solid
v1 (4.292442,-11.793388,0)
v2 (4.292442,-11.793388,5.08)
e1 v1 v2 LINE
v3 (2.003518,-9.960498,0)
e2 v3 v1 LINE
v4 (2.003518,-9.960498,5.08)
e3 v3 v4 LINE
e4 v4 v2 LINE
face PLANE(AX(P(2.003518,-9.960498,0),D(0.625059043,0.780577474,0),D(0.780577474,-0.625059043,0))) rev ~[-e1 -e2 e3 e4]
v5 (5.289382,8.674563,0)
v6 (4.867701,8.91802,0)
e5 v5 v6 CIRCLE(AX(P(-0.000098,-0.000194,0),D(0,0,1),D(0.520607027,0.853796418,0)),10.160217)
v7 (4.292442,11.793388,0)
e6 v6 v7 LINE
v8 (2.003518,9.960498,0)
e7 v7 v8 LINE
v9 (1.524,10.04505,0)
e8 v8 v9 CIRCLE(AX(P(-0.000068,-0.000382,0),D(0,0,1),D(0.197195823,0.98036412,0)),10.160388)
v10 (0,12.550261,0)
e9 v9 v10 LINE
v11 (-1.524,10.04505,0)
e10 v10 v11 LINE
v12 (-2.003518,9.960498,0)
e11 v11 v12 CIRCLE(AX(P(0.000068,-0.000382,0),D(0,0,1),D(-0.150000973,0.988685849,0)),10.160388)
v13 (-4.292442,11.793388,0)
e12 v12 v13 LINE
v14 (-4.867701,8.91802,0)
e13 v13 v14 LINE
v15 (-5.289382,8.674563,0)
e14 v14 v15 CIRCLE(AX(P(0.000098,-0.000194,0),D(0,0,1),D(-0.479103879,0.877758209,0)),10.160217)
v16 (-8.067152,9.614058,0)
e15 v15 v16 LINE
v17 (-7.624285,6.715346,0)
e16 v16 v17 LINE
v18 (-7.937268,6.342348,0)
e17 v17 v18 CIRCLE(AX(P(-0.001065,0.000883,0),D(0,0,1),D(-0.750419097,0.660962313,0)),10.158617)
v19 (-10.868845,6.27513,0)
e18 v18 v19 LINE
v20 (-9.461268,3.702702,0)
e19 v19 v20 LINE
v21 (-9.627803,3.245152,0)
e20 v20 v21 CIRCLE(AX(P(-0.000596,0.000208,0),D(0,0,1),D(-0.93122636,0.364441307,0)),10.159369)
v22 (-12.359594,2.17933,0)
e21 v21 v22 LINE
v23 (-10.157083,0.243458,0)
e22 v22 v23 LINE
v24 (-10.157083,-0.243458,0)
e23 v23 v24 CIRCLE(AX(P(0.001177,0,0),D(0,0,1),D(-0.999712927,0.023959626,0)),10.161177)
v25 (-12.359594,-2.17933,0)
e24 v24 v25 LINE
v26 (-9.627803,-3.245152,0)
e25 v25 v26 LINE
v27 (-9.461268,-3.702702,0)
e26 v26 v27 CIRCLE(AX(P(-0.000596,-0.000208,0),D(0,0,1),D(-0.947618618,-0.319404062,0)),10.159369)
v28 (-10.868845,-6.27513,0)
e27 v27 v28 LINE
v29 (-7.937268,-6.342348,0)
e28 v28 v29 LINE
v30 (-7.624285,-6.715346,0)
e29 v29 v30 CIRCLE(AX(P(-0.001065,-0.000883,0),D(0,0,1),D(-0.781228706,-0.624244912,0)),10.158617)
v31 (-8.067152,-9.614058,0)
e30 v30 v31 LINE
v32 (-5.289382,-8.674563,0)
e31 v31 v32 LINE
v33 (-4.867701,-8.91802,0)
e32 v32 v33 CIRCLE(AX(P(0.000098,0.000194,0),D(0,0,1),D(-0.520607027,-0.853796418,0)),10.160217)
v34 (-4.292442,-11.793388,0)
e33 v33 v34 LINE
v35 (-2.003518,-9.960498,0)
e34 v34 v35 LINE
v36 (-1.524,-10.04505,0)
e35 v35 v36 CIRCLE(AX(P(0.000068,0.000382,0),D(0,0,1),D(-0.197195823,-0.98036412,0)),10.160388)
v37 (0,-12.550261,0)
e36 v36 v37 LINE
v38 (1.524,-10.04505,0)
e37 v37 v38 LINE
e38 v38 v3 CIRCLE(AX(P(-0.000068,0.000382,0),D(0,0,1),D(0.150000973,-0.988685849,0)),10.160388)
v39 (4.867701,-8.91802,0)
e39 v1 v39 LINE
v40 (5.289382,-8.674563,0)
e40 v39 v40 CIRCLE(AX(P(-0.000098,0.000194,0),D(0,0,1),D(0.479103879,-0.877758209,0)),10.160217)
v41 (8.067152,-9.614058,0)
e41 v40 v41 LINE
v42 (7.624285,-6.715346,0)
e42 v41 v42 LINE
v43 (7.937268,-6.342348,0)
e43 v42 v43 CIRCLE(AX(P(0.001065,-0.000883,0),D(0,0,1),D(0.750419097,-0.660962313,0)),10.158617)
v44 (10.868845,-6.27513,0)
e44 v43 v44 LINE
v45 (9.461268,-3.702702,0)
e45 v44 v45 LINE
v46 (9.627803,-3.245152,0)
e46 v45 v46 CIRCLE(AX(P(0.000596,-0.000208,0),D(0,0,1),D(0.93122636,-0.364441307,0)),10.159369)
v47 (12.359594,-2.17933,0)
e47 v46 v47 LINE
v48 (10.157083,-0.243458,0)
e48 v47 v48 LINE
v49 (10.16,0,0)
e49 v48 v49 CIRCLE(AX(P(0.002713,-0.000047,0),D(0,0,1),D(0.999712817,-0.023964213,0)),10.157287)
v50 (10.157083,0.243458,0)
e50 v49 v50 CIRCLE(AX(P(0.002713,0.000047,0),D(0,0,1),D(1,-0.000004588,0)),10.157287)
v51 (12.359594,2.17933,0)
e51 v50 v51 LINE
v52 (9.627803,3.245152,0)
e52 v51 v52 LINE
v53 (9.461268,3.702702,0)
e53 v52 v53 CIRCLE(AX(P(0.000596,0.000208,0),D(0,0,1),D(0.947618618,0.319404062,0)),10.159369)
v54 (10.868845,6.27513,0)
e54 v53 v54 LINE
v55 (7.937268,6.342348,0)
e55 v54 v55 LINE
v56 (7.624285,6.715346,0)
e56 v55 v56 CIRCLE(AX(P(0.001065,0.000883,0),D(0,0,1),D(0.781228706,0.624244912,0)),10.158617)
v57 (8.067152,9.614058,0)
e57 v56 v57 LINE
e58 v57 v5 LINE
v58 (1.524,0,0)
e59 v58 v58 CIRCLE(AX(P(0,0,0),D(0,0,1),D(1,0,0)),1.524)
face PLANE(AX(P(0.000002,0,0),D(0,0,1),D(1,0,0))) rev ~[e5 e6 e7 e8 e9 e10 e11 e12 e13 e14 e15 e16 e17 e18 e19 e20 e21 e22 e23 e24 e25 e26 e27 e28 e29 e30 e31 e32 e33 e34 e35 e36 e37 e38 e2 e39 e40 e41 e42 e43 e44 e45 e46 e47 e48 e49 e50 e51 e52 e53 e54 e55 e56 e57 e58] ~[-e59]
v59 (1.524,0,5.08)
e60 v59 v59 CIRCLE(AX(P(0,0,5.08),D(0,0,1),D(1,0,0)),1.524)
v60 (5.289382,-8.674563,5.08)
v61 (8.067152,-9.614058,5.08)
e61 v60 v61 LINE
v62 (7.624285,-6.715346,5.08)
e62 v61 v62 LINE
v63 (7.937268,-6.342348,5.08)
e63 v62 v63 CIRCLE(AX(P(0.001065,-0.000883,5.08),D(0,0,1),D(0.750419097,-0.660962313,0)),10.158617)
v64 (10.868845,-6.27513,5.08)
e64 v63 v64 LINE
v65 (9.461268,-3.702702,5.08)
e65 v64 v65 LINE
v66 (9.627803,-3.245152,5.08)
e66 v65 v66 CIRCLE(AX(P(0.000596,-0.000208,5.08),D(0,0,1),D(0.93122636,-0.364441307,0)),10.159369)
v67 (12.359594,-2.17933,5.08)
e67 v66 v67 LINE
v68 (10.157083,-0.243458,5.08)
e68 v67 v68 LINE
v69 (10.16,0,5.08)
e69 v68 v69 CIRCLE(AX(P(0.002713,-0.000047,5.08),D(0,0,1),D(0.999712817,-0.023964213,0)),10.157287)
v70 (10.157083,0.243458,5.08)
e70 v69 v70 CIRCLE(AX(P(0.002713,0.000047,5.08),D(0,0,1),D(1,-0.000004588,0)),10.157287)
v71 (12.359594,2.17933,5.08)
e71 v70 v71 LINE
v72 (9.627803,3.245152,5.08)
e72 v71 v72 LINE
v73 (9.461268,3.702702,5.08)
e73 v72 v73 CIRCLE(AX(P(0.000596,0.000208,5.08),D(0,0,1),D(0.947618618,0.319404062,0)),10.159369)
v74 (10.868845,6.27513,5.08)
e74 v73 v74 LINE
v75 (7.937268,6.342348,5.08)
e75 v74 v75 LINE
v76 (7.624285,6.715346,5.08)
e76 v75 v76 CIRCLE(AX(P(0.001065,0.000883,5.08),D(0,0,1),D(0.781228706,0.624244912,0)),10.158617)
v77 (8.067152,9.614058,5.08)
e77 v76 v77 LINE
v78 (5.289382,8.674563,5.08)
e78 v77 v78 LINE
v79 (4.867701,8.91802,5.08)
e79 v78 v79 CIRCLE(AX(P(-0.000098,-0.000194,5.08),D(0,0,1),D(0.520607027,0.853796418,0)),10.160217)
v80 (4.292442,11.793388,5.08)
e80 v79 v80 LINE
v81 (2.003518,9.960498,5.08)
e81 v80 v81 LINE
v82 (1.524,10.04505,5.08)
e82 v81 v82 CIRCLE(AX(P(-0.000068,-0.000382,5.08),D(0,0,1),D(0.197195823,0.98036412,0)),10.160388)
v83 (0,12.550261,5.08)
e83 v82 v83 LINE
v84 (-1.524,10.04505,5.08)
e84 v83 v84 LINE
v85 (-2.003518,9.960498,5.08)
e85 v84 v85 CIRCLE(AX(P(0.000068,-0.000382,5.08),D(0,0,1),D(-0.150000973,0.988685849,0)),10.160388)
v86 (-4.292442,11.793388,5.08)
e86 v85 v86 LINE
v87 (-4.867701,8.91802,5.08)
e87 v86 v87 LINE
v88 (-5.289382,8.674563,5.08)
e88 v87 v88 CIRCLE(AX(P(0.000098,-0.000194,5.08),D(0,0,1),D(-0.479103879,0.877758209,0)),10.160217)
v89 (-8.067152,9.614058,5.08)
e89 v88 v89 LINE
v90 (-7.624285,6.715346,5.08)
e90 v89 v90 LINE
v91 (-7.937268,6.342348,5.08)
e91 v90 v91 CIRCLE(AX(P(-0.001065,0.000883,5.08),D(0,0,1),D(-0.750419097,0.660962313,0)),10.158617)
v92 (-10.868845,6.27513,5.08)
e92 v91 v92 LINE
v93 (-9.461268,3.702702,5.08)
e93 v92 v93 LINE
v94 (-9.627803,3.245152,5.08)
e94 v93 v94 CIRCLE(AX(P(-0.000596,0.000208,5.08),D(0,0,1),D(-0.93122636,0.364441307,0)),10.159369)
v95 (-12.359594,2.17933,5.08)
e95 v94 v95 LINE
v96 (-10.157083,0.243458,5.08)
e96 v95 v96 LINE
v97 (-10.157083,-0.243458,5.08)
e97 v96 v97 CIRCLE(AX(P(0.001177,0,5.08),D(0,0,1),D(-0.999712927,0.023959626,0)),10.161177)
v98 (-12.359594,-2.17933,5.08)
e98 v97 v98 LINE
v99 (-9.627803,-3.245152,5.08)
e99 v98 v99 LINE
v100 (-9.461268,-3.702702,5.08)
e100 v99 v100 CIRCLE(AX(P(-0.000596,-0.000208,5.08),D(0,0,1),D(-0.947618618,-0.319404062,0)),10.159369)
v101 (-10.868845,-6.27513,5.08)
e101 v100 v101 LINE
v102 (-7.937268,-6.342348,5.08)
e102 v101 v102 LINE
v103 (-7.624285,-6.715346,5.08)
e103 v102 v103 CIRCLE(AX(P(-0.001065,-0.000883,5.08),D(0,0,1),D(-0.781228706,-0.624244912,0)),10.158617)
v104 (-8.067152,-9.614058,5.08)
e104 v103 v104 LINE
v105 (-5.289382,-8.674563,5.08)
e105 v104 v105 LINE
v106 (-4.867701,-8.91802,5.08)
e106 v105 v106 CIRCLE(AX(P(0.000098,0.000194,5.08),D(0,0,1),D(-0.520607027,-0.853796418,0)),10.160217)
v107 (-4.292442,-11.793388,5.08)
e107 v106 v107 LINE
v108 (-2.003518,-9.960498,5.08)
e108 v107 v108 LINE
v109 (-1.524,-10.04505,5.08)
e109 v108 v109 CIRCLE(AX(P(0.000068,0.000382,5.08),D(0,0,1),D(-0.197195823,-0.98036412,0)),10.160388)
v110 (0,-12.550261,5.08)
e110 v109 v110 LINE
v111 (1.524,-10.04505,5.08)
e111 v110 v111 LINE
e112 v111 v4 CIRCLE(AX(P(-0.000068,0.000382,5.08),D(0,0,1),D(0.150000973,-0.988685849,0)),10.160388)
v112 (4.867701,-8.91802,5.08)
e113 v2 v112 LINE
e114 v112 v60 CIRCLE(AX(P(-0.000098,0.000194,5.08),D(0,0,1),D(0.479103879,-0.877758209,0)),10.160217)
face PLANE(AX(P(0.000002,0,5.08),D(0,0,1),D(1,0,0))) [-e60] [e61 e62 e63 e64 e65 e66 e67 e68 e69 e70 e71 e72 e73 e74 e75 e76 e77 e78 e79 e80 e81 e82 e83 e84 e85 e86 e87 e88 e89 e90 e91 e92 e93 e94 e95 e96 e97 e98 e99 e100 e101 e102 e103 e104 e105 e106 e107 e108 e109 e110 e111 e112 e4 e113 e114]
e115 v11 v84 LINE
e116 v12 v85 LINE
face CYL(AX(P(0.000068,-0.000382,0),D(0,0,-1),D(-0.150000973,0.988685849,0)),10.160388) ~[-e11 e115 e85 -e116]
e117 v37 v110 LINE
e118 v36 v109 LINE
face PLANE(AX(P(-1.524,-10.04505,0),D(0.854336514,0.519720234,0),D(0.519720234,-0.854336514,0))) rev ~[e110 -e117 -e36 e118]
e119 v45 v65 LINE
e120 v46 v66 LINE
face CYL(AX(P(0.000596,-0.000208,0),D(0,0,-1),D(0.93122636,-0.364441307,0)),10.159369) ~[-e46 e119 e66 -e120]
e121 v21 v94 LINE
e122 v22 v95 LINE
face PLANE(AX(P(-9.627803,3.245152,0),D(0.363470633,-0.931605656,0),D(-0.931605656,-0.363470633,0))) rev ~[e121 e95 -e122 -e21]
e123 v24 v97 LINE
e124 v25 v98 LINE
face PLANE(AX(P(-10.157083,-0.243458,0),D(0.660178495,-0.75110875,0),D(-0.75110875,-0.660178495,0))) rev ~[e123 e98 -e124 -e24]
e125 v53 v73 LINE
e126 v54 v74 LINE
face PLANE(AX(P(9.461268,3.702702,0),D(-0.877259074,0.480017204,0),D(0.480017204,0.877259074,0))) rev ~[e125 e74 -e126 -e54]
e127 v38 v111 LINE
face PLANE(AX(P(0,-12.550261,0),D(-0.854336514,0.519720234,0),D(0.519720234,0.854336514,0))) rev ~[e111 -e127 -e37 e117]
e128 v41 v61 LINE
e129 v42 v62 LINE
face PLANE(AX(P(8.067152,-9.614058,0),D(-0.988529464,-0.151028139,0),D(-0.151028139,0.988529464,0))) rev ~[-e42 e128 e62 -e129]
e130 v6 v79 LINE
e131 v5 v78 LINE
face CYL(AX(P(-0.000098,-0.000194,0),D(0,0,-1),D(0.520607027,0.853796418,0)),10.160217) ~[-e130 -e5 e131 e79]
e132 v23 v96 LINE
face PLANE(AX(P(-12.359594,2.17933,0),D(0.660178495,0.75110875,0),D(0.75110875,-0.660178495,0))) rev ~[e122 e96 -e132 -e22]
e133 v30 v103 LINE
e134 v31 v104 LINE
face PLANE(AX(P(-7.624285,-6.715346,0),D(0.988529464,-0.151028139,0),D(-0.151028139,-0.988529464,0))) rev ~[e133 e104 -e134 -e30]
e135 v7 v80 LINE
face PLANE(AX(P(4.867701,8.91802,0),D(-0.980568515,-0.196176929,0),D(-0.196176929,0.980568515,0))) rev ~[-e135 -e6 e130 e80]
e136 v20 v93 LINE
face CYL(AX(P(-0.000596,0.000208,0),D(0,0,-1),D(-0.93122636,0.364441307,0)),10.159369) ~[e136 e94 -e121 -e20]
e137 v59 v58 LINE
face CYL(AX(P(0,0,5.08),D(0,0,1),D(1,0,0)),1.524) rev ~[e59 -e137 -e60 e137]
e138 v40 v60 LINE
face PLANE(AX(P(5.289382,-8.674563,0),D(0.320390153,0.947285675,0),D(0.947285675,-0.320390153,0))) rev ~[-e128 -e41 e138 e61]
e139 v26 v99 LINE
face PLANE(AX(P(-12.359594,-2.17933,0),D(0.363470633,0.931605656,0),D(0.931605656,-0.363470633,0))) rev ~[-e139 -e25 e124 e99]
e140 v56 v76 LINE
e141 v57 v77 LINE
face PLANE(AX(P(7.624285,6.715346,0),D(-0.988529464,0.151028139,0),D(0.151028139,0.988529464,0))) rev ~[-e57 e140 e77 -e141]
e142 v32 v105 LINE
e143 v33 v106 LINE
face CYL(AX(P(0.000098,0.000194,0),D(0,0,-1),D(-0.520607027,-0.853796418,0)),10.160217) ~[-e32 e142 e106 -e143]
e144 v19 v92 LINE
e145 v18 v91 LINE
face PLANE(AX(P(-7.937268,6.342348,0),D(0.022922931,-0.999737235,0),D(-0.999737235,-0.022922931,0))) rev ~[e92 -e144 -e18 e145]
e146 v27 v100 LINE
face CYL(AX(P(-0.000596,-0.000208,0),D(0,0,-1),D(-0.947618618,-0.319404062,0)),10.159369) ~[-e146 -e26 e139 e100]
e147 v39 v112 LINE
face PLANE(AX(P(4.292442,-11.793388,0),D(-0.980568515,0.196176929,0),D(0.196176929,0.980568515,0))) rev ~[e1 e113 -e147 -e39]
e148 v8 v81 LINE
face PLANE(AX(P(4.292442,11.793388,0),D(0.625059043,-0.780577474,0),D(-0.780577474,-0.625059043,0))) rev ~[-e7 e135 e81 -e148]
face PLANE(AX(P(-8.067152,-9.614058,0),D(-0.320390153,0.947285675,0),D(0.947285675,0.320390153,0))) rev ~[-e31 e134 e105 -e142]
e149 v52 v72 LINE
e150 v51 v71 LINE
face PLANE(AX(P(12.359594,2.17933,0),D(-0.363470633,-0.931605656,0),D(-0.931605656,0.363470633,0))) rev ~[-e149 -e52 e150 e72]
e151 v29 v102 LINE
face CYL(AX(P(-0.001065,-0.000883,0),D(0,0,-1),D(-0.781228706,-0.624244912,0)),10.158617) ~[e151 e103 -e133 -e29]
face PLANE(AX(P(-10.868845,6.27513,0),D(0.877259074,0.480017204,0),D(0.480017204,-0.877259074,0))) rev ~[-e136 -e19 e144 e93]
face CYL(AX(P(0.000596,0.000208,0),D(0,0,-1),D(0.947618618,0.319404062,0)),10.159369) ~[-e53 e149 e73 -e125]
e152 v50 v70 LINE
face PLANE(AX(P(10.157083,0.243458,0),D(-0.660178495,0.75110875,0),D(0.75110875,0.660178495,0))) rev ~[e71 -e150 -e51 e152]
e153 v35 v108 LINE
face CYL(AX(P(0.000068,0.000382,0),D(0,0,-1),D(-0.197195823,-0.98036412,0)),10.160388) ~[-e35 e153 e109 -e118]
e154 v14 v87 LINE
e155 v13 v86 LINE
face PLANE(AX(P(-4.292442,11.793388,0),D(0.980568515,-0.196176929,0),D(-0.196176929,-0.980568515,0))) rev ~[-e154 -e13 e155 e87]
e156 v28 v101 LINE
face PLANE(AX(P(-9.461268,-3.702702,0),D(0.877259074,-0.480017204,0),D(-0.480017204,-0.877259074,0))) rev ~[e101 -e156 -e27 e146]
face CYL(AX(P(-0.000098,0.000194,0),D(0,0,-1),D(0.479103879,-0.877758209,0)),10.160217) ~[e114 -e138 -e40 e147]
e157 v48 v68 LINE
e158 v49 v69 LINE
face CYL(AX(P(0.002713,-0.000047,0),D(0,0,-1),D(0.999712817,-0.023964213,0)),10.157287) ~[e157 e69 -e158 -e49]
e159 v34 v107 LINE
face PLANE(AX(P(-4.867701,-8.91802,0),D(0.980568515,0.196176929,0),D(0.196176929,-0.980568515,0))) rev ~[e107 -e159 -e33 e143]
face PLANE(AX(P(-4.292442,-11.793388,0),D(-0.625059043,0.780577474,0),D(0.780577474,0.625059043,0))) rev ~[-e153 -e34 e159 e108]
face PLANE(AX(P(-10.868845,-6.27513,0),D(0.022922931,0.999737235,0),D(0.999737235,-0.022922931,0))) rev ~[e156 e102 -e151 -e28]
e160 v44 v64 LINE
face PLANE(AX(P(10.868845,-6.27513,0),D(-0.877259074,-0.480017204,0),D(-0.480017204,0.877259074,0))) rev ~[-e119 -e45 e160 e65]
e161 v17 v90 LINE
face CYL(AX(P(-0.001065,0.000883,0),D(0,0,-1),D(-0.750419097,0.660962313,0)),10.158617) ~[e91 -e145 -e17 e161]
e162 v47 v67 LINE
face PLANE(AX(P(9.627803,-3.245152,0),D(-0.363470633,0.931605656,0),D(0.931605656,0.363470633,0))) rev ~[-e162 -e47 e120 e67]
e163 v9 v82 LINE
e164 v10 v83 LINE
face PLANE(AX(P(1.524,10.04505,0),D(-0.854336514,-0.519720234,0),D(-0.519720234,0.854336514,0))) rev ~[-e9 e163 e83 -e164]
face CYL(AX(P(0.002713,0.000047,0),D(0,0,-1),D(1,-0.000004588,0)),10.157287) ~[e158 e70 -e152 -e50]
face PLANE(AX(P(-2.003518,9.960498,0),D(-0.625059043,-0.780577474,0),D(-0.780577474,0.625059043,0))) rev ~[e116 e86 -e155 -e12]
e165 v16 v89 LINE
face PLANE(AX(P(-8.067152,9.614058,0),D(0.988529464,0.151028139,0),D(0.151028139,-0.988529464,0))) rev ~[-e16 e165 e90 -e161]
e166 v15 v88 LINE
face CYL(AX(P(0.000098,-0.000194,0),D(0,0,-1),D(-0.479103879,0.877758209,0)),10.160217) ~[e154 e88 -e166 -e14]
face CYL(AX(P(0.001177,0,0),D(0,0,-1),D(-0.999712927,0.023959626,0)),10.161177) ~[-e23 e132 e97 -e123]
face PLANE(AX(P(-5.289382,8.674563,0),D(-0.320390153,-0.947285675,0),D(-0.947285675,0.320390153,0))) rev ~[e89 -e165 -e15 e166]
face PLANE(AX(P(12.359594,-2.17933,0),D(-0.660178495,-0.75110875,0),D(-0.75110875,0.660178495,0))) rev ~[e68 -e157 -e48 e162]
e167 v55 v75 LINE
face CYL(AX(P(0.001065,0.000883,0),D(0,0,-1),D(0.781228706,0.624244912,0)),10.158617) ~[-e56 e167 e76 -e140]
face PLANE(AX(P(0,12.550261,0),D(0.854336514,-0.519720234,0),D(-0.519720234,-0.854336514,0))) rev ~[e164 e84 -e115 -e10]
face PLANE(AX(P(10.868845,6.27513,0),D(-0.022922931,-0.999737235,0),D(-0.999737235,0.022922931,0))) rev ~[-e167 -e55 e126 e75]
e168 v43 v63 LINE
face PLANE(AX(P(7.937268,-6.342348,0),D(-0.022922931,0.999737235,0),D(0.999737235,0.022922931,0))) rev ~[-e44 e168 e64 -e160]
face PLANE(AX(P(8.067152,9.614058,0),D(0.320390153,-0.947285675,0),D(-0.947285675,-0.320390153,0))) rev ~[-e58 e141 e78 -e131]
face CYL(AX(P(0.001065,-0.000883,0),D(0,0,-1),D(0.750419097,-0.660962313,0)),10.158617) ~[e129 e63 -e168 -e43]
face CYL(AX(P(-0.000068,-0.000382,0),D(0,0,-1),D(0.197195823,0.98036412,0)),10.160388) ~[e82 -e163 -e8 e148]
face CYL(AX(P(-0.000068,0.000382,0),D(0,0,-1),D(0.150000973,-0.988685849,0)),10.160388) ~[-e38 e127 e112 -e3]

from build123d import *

# Parameters (mm, degrees)
F1_DEPTH = 5.08
F2_R     = 1.524
F3_DEPTH = 5.08


with BuildPart() as f1:
    # F0 (on Top) → F1 (new body)
    with BuildSketch(Plane.XY):
        with BuildLine():
            ThreePointArc((10.157083, -0.243458), (10.159271, -0.121738), (10.16, 0))
            ThreePointArc((10.16, 0), (10.159271, 0.121738), (10.157083, 0.243458))
            ThreePointArc((10.157083, 0.243458), (10.005647, 1.764265), (9.627803, 3.245152))
            ThreePointArc((9.627803, 3.245152), (9.547277, 3.474925), (9.461268, 3.702702))
            ThreePointArc((9.461268, 3.702702), (8.798818, 5.08), (7.937268, 6.342348))
            ThreePointArc((7.937268, 6.342348), (7.783012, 6.530722), (7.624285, 6.715346))
            ThreePointArc((7.624285, 6.715346), (6.530722, 7.783012), (5.289382, 8.674563))
            ThreePointArc((5.289382, 8.674563), (5.08, 8.798818), (4.867701, 8.91802))
            ThreePointArc((4.867701, 8.91802), (3.474925, 9.547277), (2.003518, 9.960498))
            ThreePointArc((2.003518, 9.960498), (1.764265, 10.005647), (1.524, 10.04505))
            ThreePointArc((1.524, 10.04505), (0, 10.16), (-1.524, 10.04505))
            ThreePointArc((-1.524, 10.04505), (-1.764265, 10.005647), (-2.003518, 9.960498))
            ThreePointArc((-2.003518, 9.960498), (-3.474925, 9.547277), (-4.867701, 8.91802))
            ThreePointArc((-4.867701, 8.91802), (-5.08, 8.798818), (-5.289382, 8.674563))
            ThreePointArc((-5.289382, 8.674563), (-6.530722, 7.783012), (-7.624285, 6.715346))
            ThreePointArc((-7.624285, 6.715346), (-7.783012, 6.530722), (-7.937268, 6.342348))
            ThreePointArc((-7.937268, 6.342348), (-8.798818, 5.08), (-9.461268, 3.702702))
            ThreePointArc((-9.461268, 3.702702), (-9.547277, 3.474925), (-9.627803, 3.245152))
            ThreePointArc((-9.627803, 3.245152), (-10.005647, 1.764265), (-10.157083, 0.243458))
            ThreePointArc((-10.157083, 0.243458), (-10.16, 0), (-10.157083, -0.243458))
            ThreePointArc((-10.157083, -0.243458), (-10.005647, -1.764265), (-9.627803, -3.245152))
            ThreePointArc((-9.627803, -3.245152), (-9.547277, -3.474925), (-9.461268, -3.702702))
            ThreePointArc((-9.461268, -3.702702), (-8.798818, -5.08), (-7.937268, -6.342348))
            ThreePointArc((-7.937268, -6.342348), (-7.783012, -6.530722), (-7.624285, -6.715346))
            ThreePointArc((-7.624285, -6.715346), (-6.530722, -7.783012), (-5.289382, -8.674563))
            ThreePointArc((-5.289382, -8.674563), (-5.08, -8.798818), (-4.867701, -8.91802))
            ThreePointArc((-4.867701, -8.91802), (-3.474925, -9.547277), (-2.003518, -9.960498))
            ThreePointArc((-2.003518, -9.960498), (-1.764265, -10.005647), (-1.524, -10.04505))
            ThreePointArc((-1.524, -10.04505), (0, -10.16), (1.524, -10.04505))
            ThreePointArc((1.524, -10.04505), (1.764265, -10.005647), (2.003518, -9.960498))
            ThreePointArc((2.003518, -9.960498), (3.474925, -9.547277), (4.867701, -8.91802))
            ThreePointArc((4.867701, -8.91802), (5.08, -8.798818), (5.289382, -8.674563))
            ThreePointArc((5.289382, -8.674563), (6.530722, -7.783012), (7.624285, -6.715346))
            ThreePointArc((7.624285, -6.715346), (7.783012, -6.530722), (7.937268, -6.342348))
            ThreePointArc((7.937268, -6.342348), (8.798818, -5.08), (9.461268, -3.702702))
            ThreePointArc((9.461268, -3.702702), (9.547277, -3.474925), (9.627803, -3.245152))
            ThreePointArc((9.627803, -3.245152), (10.005647, -1.764265), (10.157083, -0.243458))
        make_face()
        with BuildLine():
            Line((8.067152, -9.614058), (7.624285, -6.715346))
            ThreePointArc((7.624285, -6.715346), (6.530722, -7.783012), (5.289382, -8.674563))
            Line((5.289382, -8.674563), (8.067152, -9.614058))
        make_face()
        with BuildLine():
            Line((0, -12.550261), (1.524, -10.04505))
            ThreePointArc((1.524, -10.04505), (0, -10.16), (-1.524, -10.04505))
            Line((-1.524, -10.04505), (0, -12.550261))
        make_face()
        with BuildLine():
            Line((4.292442, -11.793388), (4.867701, -8.91802))
            ThreePointArc((4.867701, -8.91802), (3.474925, -9.547277), (2.003518, -9.960498))
            Line((2.003518, -9.960498), (4.292442, -11.793388))
        make_face()
        with BuildLine():
            ThreePointArc((9.627803, 3.245152), (10.005647, 1.764265), (10.157083, 0.243458))
            Line((10.157083, 0.243458), (12.359594, 2.17933))
            Line((12.359594, 2.17933), (9.627803, 3.245152))
        make_face()
        with BuildLine():
            ThreePointArc((7.937268, 6.342348), (8.798818, 5.08), (9.461268, 3.702702))
            Line((9.461268, 3.702702), (10.868845, 6.27513))
            Line((10.868845, 6.27513), (7.937268, 6.342348))
        make_face()
        with BuildLine():
            ThreePointArc((5.289382, 8.674563), (6.530722, 7.783012), (7.624285, 6.715346))
            Line((7.624285, 6.715346), (8.067152, 9.614058))
            Line((8.067152, 9.614058), (5.289382, 8.674563))
        make_face()
        with BuildLine():
            ThreePointArc((2.003518, 9.960498), (3.474925, 9.547277), (4.867701, 8.91802))
            Line((4.867701, 8.91802), (4.292442, 11.793388))
            Line((4.292442, 11.793388), (2.003518, 9.960498))
        make_face()
        with BuildLine():
            ThreePointArc((-1.524, 10.04505), (0, 10.16), (1.524, 10.04505))
            Line((1.524, 10.04505), (0, 12.550261))
            Line((0, 12.550261), (-1.524, 10.04505))
        make_face()
        with BuildLine():
            Line((10.868845, -6.27513), (9.461268, -3.702702))
            ThreePointArc((9.461268, -3.702702), (8.798818, -5.08), (7.937268, -6.342348))
            Line((7.937268, -6.342348), (10.868845, -6.27513))
        make_face()
        with BuildLine():
            ThreePointArc((-4.867701, 8.91802), (-3.474925, 9.547277), (-2.003518, 9.960498))
            Line((-2.003518, 9.960498), (-4.292442, 11.793388))
            Line((-4.292442, 11.793388), (-4.867701, 8.91802))
        make_face()
        with BuildLine():
            Line((12.359594, -2.17933), (10.157083, -0.243458))
            ThreePointArc((10.157083, -0.243458), (10.005647, -1.764265), (9.627803, -3.245152))
            Line((9.627803, -3.245152), (12.359594, -2.17933))
        make_face()
        with BuildLine():
            ThreePointArc((-7.624285, 6.715346), (-6.530722, 7.783012), (-5.289382, 8.674563))
            Line((-5.289382, 8.674563), (-8.067152, 9.614058))
            Line((-8.067152, 9.614058), (-7.624285, 6.715346))
        make_face()
        with BuildLine():
            ThreePointArc((-9.461268, 3.702702), (-8.798818, 5.08), (-7.937268, 6.342348))
            Line((-7.937268, 6.342348), (-10.868845, 6.27513))
            Line((-10.868845, 6.27513), (-9.461268, 3.702702))
        make_face()
        with BuildLine():
            ThreePointArc((-10.157083, 0.243458), (-10.005647, 1.764265), (-9.627803, 3.245152))
            Line((-9.627803, 3.245152), (-12.359594, 2.17933))
            Line((-12.359594, 2.17933), (-10.157083, 0.243458))
        make_face()
        with BuildLine():
            Line((-10.868845, -6.27513), (-7.937268, -6.342348))
            ThreePointArc((-7.937268, -6.342348), (-8.798818, -5.08), (-9.461268, -3.702702))
            Line((-9.461268, -3.702702), (-10.868845, -6.27513))
        make_face()
        with BuildLine():
            Line((-12.359594, -2.17933), (-9.627803, -3.245152))
            ThreePointArc((-9.627803, -3.245152), (-10.005647, -1.764265), (-10.157083, -0.243458))
            Line((-10.157083, -0.243458), (-12.359594, -2.17933))
        make_face()
        with BuildLine():
            Line((-8.067152, -9.614058), (-5.289382, -8.674563))
            ThreePointArc((-5.289382, -8.674563), (-6.530722, -7.783012), (-7.624285, -6.715346))
            Line((-7.624285, -6.715346), (-8.067152, -9.614058))
        make_face()
        with BuildLine():
            Line((-4.292442, -11.793388), (-2.003518, -9.960498))
            ThreePointArc((-2.003518, -9.960498), (-3.474925, -9.547277), (-4.867701, -8.91802))
            Line((-4.867701, -8.91802), (-4.292442, -11.793388))
        make_face()
    extrude(amount=F1_DEPTH)

    # F2 (on face) → F3 (cut)
    with BuildSketch(Plane.XY.offset(5.08)):
        Circle(F2_R)
    extrude(amount=-F3_DEPTH, mode=Mode.SUBTRACT)


solid = f1.part
